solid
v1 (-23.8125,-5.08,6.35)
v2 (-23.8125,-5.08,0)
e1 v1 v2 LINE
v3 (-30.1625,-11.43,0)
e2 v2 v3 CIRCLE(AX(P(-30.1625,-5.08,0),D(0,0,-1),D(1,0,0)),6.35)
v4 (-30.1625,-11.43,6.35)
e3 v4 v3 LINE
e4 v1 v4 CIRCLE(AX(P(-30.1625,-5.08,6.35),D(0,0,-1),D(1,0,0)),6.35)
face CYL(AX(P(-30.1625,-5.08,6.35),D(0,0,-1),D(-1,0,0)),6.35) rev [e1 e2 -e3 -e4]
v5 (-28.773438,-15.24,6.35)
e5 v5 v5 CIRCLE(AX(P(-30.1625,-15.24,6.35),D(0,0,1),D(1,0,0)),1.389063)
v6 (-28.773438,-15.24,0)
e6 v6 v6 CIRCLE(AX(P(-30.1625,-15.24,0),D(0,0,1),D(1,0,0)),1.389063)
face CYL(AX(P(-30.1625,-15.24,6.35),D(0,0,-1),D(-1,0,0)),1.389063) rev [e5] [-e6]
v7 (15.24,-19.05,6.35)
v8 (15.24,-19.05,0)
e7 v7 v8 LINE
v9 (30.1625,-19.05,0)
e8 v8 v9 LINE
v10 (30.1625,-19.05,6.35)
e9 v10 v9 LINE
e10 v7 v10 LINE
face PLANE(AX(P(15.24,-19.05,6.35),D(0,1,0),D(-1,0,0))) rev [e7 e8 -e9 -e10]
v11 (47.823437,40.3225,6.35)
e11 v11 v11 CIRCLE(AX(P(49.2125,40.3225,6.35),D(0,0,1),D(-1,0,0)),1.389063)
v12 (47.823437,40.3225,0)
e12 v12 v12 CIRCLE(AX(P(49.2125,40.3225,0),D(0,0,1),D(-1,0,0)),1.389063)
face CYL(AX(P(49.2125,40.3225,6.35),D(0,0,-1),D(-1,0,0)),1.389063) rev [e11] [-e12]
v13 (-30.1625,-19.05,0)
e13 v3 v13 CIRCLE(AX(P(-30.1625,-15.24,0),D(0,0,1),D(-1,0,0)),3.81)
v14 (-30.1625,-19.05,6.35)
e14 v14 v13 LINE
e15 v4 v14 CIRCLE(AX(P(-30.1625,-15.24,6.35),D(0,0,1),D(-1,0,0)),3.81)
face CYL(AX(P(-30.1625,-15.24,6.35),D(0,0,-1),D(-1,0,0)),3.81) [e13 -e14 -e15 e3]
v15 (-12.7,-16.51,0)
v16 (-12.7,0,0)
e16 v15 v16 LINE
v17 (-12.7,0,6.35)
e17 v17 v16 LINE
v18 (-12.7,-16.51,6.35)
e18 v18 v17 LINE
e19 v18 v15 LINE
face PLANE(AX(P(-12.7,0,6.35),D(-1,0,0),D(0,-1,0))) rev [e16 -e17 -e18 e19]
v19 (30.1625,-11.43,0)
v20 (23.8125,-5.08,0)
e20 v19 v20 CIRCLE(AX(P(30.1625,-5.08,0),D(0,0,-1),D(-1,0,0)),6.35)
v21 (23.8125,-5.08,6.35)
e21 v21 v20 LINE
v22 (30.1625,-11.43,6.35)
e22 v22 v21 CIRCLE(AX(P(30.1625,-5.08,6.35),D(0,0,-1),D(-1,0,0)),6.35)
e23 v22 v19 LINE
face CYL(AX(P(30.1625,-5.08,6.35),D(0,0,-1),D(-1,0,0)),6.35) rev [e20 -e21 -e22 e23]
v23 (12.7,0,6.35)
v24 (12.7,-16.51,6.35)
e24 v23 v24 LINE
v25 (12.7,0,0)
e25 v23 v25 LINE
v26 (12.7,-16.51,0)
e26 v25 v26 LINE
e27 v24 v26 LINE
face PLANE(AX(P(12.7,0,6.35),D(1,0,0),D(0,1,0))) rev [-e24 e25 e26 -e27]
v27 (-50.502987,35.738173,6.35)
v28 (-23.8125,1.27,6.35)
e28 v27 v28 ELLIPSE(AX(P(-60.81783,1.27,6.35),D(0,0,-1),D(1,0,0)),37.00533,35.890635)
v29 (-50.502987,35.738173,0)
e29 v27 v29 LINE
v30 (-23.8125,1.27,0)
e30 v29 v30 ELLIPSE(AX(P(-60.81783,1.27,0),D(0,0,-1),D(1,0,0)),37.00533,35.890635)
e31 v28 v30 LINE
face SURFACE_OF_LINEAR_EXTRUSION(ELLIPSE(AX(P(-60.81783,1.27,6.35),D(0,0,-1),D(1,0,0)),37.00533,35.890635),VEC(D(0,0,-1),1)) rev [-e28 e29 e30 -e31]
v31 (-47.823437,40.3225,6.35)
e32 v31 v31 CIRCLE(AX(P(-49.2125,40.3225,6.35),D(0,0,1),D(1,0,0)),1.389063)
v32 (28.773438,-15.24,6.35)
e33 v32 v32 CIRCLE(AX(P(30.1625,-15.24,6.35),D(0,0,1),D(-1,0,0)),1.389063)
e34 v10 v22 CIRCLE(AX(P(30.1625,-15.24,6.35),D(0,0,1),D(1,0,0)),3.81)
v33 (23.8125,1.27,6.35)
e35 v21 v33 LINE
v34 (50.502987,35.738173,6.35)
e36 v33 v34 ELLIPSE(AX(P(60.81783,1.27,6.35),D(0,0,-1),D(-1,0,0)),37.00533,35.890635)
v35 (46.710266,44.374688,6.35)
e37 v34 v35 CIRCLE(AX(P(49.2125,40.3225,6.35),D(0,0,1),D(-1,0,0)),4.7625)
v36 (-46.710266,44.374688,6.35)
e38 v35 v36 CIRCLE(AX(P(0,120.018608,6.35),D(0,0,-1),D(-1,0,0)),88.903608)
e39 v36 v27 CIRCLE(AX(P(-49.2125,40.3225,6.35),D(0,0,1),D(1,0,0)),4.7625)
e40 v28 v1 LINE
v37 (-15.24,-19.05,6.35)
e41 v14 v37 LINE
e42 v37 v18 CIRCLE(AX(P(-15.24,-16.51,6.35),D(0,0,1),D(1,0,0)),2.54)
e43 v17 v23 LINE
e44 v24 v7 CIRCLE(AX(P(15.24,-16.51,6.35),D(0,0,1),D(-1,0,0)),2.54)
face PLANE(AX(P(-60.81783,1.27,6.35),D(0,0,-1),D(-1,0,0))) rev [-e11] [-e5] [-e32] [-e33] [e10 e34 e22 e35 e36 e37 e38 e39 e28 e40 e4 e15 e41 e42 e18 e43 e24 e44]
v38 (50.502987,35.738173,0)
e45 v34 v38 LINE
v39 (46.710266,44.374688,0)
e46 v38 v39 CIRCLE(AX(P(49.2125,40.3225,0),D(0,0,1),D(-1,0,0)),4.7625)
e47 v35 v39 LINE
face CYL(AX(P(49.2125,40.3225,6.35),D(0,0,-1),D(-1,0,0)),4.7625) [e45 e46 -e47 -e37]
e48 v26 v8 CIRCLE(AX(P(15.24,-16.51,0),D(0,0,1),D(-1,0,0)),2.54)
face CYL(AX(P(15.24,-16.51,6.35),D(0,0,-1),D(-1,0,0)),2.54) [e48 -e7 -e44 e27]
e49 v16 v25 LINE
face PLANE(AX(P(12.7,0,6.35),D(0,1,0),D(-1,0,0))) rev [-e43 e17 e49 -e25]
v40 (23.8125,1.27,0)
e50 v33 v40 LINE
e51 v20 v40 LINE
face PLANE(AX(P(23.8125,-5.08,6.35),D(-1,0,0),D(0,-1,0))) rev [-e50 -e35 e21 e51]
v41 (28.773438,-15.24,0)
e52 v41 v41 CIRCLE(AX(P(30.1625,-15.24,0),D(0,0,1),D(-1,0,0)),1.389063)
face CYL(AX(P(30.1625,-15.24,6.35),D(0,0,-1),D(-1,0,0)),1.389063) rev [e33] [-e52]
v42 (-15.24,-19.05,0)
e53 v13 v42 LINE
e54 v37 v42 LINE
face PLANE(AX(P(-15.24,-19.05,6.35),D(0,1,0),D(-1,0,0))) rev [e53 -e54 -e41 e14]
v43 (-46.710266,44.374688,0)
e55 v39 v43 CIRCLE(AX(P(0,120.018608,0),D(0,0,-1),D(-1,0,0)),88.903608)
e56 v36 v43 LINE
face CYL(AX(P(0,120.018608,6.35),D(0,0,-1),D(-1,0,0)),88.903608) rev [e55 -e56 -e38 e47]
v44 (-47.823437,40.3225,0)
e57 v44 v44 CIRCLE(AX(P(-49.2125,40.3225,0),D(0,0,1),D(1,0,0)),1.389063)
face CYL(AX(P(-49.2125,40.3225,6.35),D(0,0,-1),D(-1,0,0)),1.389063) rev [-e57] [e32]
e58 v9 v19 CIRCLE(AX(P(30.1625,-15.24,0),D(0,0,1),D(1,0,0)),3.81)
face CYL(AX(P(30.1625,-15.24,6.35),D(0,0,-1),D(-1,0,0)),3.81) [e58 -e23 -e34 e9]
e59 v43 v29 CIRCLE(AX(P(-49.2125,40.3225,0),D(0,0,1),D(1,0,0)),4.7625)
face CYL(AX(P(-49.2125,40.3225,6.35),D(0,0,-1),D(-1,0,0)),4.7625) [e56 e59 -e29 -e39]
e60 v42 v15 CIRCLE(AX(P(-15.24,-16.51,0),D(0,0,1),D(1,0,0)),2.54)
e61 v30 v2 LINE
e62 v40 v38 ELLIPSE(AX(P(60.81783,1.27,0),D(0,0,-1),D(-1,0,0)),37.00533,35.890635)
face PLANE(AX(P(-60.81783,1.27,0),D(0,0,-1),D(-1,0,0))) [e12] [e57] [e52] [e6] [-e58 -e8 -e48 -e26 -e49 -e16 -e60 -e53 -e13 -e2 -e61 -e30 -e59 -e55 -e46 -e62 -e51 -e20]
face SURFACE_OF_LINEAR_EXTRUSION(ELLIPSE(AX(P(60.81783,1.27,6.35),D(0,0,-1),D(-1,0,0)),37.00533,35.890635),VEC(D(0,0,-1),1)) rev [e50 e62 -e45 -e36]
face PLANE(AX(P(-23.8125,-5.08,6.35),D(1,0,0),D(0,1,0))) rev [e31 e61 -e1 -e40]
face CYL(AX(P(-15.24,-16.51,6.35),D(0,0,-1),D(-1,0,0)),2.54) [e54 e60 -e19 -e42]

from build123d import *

# Parameters (mm, degrees)
SKETCH1_R           = 1.3890625
BOSS_EXTRUDE1_DEPTH = 6.35


with BuildPart() as part:
    # Sketch1 → Boss-Extrude1 (new body)
    with BuildSketch(Plane.XY):
        with BuildLine():
            Line((12.7, 0), (-12.7, 0))
            Line((-12.7, 0), (-12.7, -16.51))
            ThreePointArc((-12.7, -16.51), (-13.443948776, -18.306051224), (-15.24, -19.05))
            Line((-15.24, -19.05), (-30.1625, -19.05))
            ThreePointArc((-30.1625, -19.05), (-33.9725, -15.24), (-30.1625, -11.43))
            ThreePointArc((-30.1625, -11.43), (-25.672371939, -9.570128061), (-23.8125, -5.08))
            Line((-23.8125, -5.08), (-23.8125, 1.27))
            add(Edge.make_bspline(
                [(-23.8125, 1.27), (-23.8125, 28.224807165), (-50.502986928, 35.738173469)],
                knots=[0, 0, 0, 1.28831511, 1.28831511, 1.28831511], degree=2, weights=[1, 0.79960596, 1]))
            ThreePointArc((-50.502986928, 35.738173469), (-53.573053894, 42.237434983), (-46.71026588, 44.374688379))
            ThreePointArc((-46.71026588, 44.374688379), (0, 31.115), (46.71026588, 44.374688379))
            ThreePointArc((46.71026588, 44.374688379), (53.573053894, 42.237434983), (50.502986928, 35.738173469))
            add(Edge.make_bspline(
                [(50.502986928, 35.738173469), (23.8125, 28.224807165), (23.8125, 1.27)],
                knots=[1.853277544, 1.853277544, 1.853277544, 3.141592654, 3.141592654, 3.141592654], degree=2, weights=[1, 0.79960596, 1]))
            Line((23.8125, 1.27), (23.8125, -5.08))
            ThreePointArc((23.8125, -5.08), (25.672371939, -9.570128061), (30.1625, -11.43))
            ThreePointArc((30.1625, -11.43), (33.9725, -15.24), (30.1625, -19.05))
            Line((30.1625, -19.05), (15.24, -19.05))
            ThreePointArc((15.24, -19.05), (13.443948776, -18.306051224), (12.7, -16.51))
            Line((12.7, -16.51), (12.7, 0))
        make_face()
        with Locations((-49.2125, 40.3225)):
            Circle(SKETCH1_R, mode=Mode.SUBTRACT)
        with Locations((-30.1625, -15.24)):
            Circle(SKETCH1_R, mode=Mode.SUBTRACT)
        with Locations(Location((30.1625, -15.24, 0), (0, 0, 180))):
            Circle(SKETCH1_R, mode=Mode.SUBTRACT)
        with Locations(Location((49.2125, 40.3225, 0), (0, 0, 180))):
            Circle(SKETCH1_R, mode=Mode.SUBTRACT)
    extrude(amount=BOSS_EXTRUDE1_DEPTH)


solid = part.part
